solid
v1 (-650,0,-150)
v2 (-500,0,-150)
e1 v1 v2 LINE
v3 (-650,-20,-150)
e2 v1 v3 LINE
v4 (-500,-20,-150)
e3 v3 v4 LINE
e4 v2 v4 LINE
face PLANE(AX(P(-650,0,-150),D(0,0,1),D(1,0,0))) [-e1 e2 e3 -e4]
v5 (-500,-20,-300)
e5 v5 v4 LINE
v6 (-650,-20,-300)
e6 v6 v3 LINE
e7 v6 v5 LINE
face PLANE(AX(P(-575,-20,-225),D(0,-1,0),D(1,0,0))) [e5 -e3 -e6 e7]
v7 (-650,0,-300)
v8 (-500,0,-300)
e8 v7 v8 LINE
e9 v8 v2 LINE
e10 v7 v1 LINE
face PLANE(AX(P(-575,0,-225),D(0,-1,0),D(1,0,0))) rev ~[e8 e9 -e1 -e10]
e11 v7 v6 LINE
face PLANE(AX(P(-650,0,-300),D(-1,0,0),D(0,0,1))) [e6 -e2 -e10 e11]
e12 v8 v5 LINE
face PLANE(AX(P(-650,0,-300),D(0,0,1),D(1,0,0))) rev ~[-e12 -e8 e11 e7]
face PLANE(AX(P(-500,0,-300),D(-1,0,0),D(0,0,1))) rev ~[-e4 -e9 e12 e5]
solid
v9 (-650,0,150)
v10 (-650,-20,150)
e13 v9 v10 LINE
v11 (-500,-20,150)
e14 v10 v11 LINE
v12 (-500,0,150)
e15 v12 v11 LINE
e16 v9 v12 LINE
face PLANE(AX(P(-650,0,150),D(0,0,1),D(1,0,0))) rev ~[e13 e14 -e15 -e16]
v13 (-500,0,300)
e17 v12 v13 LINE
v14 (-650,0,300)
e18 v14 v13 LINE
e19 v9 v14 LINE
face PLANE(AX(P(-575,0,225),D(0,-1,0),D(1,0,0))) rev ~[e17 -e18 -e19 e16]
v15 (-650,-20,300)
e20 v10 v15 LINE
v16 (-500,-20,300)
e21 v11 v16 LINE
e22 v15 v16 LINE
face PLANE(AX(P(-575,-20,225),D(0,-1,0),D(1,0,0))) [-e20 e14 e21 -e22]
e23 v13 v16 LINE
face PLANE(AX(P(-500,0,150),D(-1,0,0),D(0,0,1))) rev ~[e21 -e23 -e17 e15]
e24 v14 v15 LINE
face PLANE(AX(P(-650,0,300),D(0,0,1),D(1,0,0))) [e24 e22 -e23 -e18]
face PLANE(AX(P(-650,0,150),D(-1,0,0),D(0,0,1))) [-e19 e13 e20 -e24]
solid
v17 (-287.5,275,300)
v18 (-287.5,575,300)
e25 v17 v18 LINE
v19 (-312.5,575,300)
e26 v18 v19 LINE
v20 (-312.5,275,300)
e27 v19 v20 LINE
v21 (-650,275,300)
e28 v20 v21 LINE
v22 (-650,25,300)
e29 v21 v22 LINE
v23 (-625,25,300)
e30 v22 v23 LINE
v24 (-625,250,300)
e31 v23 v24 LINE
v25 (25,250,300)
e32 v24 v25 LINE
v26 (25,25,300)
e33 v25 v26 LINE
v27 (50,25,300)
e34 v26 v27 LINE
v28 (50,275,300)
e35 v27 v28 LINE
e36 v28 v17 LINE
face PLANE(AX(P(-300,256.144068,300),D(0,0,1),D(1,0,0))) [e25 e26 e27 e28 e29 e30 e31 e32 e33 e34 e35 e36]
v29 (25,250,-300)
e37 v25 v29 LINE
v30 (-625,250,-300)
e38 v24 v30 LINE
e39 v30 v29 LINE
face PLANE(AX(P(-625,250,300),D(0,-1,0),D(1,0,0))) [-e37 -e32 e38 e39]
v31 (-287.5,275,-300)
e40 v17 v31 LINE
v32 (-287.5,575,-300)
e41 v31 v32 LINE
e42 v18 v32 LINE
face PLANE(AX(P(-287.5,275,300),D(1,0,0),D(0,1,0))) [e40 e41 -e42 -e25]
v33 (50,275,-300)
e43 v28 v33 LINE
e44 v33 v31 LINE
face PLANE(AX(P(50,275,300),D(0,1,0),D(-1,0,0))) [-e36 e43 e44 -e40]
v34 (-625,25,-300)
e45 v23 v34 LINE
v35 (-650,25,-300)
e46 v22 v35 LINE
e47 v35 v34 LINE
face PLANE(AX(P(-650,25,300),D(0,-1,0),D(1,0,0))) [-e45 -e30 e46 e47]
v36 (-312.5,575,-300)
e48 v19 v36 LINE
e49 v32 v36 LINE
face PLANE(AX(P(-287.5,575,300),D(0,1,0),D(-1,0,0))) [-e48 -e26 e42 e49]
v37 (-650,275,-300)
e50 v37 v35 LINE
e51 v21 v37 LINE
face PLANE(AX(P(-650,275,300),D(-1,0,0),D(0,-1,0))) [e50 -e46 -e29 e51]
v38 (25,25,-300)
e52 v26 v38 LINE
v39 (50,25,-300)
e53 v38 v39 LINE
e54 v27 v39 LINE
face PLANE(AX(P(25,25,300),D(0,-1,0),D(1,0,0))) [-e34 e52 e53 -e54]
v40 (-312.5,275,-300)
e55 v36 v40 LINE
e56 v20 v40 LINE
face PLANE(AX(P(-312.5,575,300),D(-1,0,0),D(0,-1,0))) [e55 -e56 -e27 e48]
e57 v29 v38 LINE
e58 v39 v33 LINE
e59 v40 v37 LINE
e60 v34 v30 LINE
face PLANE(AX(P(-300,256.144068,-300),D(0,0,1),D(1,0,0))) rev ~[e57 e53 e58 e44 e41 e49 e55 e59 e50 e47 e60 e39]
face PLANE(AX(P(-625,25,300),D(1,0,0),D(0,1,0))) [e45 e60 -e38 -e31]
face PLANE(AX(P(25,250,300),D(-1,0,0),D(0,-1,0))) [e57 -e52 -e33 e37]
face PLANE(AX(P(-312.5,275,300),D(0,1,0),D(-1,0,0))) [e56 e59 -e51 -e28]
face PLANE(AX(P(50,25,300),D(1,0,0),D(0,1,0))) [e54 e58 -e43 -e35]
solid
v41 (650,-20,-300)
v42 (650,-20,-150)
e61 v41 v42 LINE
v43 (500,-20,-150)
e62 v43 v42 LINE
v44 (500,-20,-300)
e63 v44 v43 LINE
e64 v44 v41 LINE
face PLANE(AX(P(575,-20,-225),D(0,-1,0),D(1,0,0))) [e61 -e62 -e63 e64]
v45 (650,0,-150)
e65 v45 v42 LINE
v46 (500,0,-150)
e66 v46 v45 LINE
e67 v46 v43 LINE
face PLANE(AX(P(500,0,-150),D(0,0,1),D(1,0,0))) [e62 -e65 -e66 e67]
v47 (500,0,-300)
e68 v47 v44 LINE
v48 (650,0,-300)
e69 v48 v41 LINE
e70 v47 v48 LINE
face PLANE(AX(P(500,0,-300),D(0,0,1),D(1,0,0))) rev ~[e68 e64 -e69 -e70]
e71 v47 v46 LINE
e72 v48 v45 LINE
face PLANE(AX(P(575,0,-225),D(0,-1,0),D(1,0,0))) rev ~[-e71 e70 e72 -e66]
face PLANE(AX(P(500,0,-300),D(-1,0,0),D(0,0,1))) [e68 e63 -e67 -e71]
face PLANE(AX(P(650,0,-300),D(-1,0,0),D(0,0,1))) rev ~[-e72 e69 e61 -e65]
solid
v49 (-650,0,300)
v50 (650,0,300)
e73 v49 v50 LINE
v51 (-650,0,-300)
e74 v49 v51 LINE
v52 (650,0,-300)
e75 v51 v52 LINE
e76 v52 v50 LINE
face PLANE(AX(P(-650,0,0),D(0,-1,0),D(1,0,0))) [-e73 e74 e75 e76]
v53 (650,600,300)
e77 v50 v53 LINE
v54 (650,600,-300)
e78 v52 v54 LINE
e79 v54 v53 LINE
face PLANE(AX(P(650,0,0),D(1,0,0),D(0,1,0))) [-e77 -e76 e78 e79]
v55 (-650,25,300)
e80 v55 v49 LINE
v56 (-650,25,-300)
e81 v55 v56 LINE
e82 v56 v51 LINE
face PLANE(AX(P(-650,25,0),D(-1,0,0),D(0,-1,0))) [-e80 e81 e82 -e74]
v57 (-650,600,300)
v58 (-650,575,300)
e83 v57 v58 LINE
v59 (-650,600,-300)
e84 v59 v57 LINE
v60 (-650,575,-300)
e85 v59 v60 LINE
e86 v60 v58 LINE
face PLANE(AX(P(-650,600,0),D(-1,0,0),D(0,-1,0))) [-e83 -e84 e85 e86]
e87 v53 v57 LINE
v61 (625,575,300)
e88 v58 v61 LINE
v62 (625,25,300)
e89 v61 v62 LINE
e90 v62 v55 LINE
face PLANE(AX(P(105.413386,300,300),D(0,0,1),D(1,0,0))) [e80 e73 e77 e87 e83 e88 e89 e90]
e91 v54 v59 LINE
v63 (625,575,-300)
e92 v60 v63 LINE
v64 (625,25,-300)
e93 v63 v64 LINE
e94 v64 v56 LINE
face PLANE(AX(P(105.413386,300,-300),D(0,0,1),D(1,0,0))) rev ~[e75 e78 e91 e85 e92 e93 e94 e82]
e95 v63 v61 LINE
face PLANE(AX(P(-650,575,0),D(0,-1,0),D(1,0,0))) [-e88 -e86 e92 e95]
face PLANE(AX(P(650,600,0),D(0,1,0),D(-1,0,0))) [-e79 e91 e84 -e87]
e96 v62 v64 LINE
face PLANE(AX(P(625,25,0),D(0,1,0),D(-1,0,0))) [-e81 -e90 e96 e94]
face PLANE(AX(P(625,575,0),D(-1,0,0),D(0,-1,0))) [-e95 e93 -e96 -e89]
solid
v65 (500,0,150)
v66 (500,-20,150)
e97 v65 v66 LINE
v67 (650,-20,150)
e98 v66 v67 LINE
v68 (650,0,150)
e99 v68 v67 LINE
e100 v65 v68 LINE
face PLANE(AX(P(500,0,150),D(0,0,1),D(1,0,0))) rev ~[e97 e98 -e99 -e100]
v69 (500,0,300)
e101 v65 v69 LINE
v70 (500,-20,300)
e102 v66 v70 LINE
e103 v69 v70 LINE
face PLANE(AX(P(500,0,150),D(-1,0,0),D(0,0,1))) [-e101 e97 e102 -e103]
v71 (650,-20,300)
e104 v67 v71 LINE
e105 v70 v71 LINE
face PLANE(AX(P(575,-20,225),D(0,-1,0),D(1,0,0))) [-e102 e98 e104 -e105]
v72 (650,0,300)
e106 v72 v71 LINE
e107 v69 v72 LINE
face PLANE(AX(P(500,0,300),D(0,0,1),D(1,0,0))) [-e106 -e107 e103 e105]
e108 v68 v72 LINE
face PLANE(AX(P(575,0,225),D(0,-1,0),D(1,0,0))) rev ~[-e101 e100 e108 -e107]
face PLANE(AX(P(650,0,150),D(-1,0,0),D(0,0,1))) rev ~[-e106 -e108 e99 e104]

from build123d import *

# Parameters (mm, degrees)
BOSS_EXTRUDE1_DEPTH   = 300
BOSS_EXTRUDE2_DEPTH   = 600
SKETCH3_W             = 150
SKETCH3_H             = 150
BOSS_EXTRUDE3_DEPTH   = 20
BOSS_EXTRUDE3_2_DEPTH = 20
BOSS_EXTRUDE3_3_DEPTH = 20
BOSS_EXTRUDE3_4_DEPTH = 20


with BuildPart() as part:
    # Sketch1 → Boss-Extrude1 (new body, symmetric)
    with BuildSketch(Plane.XY):
        Polygon((-650, 0), (650, 0), (650, 600), (-650, 600), (-650, 575), (625, 575), (625, 25), (-650, 25), align=None)
    extrude(amount=BOSS_EXTRUDE1_DEPTH, both=True)


with BuildPart() as body_2:
    # Sketch2 → Boss-Extrude2 (new body)
    with BuildSketch(Plane.XY.offset(300)):
        Polygon((-312.5, 575), (-312.5, 275), (-650, 275), (-650, 25), (-625, 25), (-625, 250), (25, 250), (25, 25), (50, 25), (50, 275), (-287.5, 275), (-287.5, 575), align=None)
    extrude(amount=-BOSS_EXTRUDE2_DEPTH)


with BuildPart() as body_3:
    # Sketch3 → Boss-Extrude3 (new body)
    with BuildSketch(Plane.XZ):
        with Locations((-575, 225)):
            Rectangle(SKETCH3_W, SKETCH3_H)
    extrude(amount=BOSS_EXTRUDE3_DEPTH)


with BuildPart() as body_4:
    # Sketch3 → Boss-Extrude3 2 (new body)
    with BuildSketch(Plane.XZ):
        with Locations((-575, -225)):
            Rectangle(SKETCH3_W, SKETCH3_H)
    extrude(amount=BOSS_EXTRUDE3_2_DEPTH)


with BuildPart() as body_5:
    # Sketch3 → Boss-Extrude3 3 (new body)
    with BuildSketch(Plane.XZ):
        with Locations((575, 225)):
            Rectangle(SKETCH3_W, SKETCH3_H)
    extrude(amount=BOSS_EXTRUDE3_3_DEPTH)


with BuildPart() as body_6:
    # Sketch3 → Boss-Extrude3 4 (new body)
    with BuildSketch(Plane.XZ):
        with Locations((575, -225)):
            Rectangle(SKETCH3_W, SKETCH3_H)
    extrude(amount=BOSS_EXTRUDE3_4_DEPTH)


solid = Compound([part.part, body_2.part, body_3.part, body_4.part, body_5.part, body_6.part])
